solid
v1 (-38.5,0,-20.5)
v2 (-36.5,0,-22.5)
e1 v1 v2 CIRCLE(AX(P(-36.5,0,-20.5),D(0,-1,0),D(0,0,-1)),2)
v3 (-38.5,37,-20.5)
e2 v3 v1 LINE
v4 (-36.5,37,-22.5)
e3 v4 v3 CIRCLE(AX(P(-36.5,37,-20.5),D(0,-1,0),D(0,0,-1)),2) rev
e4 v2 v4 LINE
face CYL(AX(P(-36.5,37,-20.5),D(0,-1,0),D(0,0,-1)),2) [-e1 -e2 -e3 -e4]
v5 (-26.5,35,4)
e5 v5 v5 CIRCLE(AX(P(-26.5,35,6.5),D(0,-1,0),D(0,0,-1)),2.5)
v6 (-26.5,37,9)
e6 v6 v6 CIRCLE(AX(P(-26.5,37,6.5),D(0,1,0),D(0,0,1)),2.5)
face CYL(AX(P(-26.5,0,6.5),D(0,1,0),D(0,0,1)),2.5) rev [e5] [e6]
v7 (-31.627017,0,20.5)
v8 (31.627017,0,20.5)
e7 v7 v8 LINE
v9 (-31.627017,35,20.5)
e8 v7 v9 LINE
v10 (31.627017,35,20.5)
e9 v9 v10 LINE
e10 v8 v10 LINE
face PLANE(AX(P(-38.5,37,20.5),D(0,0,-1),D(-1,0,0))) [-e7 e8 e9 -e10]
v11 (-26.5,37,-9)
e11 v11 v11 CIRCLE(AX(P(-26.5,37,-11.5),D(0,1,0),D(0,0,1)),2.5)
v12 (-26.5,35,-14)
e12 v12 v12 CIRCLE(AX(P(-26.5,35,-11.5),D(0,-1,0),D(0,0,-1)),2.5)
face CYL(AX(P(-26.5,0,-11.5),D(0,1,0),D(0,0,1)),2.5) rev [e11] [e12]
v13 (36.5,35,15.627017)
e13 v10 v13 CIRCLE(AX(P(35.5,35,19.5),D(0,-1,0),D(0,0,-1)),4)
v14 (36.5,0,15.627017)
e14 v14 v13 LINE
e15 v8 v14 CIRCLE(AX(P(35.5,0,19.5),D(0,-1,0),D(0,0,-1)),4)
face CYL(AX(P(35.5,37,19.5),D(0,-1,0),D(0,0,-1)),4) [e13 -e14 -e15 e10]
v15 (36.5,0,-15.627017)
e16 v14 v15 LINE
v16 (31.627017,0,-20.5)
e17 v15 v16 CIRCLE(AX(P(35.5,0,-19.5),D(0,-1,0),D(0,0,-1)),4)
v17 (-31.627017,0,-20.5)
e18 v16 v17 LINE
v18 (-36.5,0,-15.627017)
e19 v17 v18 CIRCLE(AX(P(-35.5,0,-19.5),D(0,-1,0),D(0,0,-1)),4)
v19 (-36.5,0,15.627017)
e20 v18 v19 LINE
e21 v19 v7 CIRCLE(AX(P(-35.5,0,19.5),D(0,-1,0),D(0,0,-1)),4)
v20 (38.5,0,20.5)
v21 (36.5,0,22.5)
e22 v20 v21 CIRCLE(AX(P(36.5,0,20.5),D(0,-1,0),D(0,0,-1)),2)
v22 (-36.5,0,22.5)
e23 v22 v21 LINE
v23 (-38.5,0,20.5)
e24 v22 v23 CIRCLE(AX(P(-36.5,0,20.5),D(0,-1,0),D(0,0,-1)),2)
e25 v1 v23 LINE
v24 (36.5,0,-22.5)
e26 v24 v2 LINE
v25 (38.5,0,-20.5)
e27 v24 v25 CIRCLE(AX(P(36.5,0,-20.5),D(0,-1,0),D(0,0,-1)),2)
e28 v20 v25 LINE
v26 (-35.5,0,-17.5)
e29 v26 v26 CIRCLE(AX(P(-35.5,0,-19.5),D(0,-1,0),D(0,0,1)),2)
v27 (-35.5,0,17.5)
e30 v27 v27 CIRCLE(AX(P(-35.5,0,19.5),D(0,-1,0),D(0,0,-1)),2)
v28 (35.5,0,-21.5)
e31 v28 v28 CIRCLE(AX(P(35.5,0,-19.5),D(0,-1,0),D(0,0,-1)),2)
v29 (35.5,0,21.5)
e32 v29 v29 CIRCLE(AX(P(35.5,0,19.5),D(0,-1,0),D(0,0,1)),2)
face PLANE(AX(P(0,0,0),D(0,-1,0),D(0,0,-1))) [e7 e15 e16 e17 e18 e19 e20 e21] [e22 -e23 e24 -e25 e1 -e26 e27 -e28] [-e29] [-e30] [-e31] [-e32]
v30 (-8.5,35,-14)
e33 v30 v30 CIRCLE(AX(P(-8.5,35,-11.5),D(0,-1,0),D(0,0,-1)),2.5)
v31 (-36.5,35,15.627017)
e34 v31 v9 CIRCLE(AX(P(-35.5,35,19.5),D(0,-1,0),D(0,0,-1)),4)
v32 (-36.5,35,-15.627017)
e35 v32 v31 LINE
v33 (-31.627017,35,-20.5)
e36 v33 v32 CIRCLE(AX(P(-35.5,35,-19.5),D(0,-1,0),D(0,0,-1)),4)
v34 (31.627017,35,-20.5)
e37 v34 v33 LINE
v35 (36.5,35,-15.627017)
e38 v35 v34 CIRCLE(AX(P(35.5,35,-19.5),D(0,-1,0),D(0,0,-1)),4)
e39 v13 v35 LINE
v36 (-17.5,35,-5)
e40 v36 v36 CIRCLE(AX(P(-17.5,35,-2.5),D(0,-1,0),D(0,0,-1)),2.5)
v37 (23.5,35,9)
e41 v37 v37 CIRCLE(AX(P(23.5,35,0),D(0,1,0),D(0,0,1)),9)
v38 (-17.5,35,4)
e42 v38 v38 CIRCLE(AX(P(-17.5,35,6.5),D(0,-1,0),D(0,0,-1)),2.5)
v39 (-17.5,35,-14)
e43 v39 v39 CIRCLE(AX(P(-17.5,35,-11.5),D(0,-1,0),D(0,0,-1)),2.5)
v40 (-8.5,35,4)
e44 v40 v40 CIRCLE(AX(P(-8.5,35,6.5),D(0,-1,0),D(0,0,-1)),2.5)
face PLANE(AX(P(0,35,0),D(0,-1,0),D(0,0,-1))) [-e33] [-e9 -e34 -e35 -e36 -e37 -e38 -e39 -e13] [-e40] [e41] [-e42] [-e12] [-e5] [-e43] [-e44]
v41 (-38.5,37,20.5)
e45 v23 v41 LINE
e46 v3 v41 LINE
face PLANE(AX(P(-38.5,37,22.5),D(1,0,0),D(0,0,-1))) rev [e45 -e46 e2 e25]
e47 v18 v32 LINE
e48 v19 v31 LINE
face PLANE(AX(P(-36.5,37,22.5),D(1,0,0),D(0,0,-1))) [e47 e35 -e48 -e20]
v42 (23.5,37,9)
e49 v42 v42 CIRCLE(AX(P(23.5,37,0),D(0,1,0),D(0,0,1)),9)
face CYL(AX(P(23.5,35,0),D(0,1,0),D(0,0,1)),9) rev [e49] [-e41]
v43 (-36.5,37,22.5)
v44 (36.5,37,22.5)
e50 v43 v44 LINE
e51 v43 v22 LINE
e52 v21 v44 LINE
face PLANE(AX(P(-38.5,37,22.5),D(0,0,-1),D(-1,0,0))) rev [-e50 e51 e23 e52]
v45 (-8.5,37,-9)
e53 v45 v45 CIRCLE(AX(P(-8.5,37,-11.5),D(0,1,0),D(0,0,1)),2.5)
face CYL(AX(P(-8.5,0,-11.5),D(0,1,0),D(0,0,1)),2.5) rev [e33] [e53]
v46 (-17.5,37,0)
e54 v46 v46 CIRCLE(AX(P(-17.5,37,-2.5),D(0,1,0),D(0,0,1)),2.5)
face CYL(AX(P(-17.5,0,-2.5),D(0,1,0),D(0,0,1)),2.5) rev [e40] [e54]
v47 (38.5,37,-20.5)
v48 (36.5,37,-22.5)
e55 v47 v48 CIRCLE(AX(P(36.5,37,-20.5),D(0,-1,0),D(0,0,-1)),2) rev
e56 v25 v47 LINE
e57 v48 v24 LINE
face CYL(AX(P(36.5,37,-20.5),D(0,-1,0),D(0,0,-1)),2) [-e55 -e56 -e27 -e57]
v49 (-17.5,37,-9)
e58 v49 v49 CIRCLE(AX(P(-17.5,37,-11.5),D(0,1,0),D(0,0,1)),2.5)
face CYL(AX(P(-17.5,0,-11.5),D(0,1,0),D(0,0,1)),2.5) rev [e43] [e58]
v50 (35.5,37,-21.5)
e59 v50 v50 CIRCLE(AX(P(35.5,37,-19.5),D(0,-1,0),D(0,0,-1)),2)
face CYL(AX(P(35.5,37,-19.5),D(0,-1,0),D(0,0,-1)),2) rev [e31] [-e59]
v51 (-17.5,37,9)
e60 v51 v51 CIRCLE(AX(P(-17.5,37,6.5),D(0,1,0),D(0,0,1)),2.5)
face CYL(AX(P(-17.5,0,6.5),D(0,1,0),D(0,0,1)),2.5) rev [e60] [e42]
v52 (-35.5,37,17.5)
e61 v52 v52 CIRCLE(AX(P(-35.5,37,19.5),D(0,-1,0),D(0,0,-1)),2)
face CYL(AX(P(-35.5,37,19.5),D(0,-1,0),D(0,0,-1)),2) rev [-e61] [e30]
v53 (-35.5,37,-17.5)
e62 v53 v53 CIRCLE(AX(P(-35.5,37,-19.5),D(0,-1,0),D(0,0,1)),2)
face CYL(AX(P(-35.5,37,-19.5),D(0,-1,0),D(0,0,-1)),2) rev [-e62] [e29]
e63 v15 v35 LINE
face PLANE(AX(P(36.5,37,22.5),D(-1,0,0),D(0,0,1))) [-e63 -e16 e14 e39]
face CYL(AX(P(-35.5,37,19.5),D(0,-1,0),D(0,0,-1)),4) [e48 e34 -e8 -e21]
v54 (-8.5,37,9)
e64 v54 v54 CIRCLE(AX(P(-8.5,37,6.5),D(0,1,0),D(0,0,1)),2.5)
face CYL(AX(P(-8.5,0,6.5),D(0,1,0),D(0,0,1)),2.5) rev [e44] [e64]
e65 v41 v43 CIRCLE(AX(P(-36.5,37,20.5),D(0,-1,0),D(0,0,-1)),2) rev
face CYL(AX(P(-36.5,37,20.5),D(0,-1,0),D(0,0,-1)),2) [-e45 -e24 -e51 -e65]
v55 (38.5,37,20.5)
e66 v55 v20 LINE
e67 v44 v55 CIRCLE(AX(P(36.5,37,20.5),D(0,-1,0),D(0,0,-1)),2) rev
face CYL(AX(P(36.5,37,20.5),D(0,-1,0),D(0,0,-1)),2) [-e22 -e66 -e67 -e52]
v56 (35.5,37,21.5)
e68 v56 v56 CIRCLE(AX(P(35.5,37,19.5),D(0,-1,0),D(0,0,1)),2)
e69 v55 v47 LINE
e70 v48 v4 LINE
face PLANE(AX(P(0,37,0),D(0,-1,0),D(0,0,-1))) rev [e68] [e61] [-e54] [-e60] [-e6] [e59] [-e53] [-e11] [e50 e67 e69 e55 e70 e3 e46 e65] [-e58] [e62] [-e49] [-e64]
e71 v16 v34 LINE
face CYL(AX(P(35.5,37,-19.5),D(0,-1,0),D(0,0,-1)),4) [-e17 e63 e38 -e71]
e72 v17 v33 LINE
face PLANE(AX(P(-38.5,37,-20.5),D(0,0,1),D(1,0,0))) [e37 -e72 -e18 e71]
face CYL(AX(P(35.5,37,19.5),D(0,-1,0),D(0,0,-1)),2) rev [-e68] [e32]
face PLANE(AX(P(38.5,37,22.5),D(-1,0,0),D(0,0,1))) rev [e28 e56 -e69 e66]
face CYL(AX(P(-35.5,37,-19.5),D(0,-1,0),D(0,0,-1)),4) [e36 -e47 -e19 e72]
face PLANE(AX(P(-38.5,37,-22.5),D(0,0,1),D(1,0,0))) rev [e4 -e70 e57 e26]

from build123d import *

# Parameters (mm, degrees)
SKETCH2_W            = 77
SKETCH2_H            = 45
BOSS_EXTRUDE1_DEPTH  = 37
SKETCH24_R           = 2
CUT_EXTRUDE13_DEPTH  = 58.943938423
SHELL2_T             = -2
SKETCH5_R            = 2.5
CUT_EXTRUDE1_DEPTH   = 58.943938423
LPATTERN1_COUNT      = 3
LPATTERN1_PITCH      = 9
LPATTERN2_COUNT      = 3
LPATTERN2_PITCH      = 9
LPATTERN2_COUNT_DIR2 = 3
LPATTERN2_PITCH_DIR2 = 9
SKETCH19_R           = 9
CUT_EXTRUDE11_DEPTH  = 2
FILLET1_R            = 2


with BuildPart() as part:
    # Sketch2 → Boss-Extrude1 (new body)
    with BuildSketch(Plane(origin=(0, 0, 0), x_dir=(1, 0, 0), z_dir=(0, 1, 0))):
        Rectangle(SKETCH2_W, SKETCH2_H)
    extrude(amount=BOSS_EXTRUDE1_DEPTH)

    # Sketch24 → Cut-Extrude13 (cut, through all)
    with BuildSketch(Plane.XZ):
        with Locations(Location((-35.5, 19.5, 0), (0, 0, 270))):
            Circle(SKETCH24_R)
        with Locations(Location((35.5, 19.5, 0), (0, 0, 90))):
            Circle(SKETCH24_R)
        with Locations(Location((35.5, -19.5, 0), (0, 0, 270))):
            Circle(SKETCH24_R)
        with Locations(Location((-35.5, -19.5, 0), (0, 0, 90))):
            Circle(SKETCH24_R)
    extrude(amount=-CUT_EXTRUDE13_DEPTH, mode=Mode.SUBTRACT)

    # Shell2
    shell2_openings = [part.faces().sort_by_distance(p)[0] for p in [
        (0, 0, 0),
    ]]
    offset(amount=SHELL2_T, openings=shell2_openings)

    # Sketch5 → Cut-Extrude1 (cut, through all)
    with BuildSketch(Plane(origin=(0, 37, 0), x_dir=(1, 0, 0), z_dir=(0, 1, 0))):
        with Locations(Location((-26.5, 11.5, 0), (0, 0, 270))):
            Circle(SKETCH5_R)
    cut_extrude1 = extrude(amount=-CUT_EXTRUDE1_DEPTH, mode=Mode.SUBTRACT)

    # LPattern1: Cut-Extrude1 ×3
    with Locations(*[(i * LPATTERN1_PITCH, 0, 0) for i in range(1, LPATTERN1_COUNT)]):
        add(cut_extrude1, mode=Mode.SUBTRACT)

    # LPattern2: Cut-Extrude1 3 × 3, 2 skipped
    with Locations(*[(j * LPATTERN2_PITCH_DIR2, 0, i * LPATTERN2_PITCH) for i in range(LPATTERN2_COUNT) for j in range(LPATTERN2_COUNT_DIR2) if (i, j) not in ((0, 0), (1, 0), (1, 2))]):
        add(cut_extrude1, mode=Mode.SUBTRACT)

    # Sketch19 → Cut-Extrude11 (cut)
    with BuildSketch(Plane(origin=(0, 37, 0), x_dir=(1, 0, 0), z_dir=(0, 1, 0))):
        with Locations(Location((23.5, 0, 0), (0, 0, 270))):
            Circle(SKETCH19_R)
    extrude(amount=-CUT_EXTRUDE11_DEPTH, mode=Mode.SUBTRACT)

    # Fillet1
    fillet1_edges = [part.edges().sort_by_distance(p)[0] for p in [
        (38.5, 18.5, 22.5),
        (-38.5, 18.5, 22.5),
        (-38.5, 18.5, -22.5),
        (38.5, 18.5, -22.5),
    ]]
    fillet(fillet1_edges, radius=FILLET1_R)


solid = part.part
